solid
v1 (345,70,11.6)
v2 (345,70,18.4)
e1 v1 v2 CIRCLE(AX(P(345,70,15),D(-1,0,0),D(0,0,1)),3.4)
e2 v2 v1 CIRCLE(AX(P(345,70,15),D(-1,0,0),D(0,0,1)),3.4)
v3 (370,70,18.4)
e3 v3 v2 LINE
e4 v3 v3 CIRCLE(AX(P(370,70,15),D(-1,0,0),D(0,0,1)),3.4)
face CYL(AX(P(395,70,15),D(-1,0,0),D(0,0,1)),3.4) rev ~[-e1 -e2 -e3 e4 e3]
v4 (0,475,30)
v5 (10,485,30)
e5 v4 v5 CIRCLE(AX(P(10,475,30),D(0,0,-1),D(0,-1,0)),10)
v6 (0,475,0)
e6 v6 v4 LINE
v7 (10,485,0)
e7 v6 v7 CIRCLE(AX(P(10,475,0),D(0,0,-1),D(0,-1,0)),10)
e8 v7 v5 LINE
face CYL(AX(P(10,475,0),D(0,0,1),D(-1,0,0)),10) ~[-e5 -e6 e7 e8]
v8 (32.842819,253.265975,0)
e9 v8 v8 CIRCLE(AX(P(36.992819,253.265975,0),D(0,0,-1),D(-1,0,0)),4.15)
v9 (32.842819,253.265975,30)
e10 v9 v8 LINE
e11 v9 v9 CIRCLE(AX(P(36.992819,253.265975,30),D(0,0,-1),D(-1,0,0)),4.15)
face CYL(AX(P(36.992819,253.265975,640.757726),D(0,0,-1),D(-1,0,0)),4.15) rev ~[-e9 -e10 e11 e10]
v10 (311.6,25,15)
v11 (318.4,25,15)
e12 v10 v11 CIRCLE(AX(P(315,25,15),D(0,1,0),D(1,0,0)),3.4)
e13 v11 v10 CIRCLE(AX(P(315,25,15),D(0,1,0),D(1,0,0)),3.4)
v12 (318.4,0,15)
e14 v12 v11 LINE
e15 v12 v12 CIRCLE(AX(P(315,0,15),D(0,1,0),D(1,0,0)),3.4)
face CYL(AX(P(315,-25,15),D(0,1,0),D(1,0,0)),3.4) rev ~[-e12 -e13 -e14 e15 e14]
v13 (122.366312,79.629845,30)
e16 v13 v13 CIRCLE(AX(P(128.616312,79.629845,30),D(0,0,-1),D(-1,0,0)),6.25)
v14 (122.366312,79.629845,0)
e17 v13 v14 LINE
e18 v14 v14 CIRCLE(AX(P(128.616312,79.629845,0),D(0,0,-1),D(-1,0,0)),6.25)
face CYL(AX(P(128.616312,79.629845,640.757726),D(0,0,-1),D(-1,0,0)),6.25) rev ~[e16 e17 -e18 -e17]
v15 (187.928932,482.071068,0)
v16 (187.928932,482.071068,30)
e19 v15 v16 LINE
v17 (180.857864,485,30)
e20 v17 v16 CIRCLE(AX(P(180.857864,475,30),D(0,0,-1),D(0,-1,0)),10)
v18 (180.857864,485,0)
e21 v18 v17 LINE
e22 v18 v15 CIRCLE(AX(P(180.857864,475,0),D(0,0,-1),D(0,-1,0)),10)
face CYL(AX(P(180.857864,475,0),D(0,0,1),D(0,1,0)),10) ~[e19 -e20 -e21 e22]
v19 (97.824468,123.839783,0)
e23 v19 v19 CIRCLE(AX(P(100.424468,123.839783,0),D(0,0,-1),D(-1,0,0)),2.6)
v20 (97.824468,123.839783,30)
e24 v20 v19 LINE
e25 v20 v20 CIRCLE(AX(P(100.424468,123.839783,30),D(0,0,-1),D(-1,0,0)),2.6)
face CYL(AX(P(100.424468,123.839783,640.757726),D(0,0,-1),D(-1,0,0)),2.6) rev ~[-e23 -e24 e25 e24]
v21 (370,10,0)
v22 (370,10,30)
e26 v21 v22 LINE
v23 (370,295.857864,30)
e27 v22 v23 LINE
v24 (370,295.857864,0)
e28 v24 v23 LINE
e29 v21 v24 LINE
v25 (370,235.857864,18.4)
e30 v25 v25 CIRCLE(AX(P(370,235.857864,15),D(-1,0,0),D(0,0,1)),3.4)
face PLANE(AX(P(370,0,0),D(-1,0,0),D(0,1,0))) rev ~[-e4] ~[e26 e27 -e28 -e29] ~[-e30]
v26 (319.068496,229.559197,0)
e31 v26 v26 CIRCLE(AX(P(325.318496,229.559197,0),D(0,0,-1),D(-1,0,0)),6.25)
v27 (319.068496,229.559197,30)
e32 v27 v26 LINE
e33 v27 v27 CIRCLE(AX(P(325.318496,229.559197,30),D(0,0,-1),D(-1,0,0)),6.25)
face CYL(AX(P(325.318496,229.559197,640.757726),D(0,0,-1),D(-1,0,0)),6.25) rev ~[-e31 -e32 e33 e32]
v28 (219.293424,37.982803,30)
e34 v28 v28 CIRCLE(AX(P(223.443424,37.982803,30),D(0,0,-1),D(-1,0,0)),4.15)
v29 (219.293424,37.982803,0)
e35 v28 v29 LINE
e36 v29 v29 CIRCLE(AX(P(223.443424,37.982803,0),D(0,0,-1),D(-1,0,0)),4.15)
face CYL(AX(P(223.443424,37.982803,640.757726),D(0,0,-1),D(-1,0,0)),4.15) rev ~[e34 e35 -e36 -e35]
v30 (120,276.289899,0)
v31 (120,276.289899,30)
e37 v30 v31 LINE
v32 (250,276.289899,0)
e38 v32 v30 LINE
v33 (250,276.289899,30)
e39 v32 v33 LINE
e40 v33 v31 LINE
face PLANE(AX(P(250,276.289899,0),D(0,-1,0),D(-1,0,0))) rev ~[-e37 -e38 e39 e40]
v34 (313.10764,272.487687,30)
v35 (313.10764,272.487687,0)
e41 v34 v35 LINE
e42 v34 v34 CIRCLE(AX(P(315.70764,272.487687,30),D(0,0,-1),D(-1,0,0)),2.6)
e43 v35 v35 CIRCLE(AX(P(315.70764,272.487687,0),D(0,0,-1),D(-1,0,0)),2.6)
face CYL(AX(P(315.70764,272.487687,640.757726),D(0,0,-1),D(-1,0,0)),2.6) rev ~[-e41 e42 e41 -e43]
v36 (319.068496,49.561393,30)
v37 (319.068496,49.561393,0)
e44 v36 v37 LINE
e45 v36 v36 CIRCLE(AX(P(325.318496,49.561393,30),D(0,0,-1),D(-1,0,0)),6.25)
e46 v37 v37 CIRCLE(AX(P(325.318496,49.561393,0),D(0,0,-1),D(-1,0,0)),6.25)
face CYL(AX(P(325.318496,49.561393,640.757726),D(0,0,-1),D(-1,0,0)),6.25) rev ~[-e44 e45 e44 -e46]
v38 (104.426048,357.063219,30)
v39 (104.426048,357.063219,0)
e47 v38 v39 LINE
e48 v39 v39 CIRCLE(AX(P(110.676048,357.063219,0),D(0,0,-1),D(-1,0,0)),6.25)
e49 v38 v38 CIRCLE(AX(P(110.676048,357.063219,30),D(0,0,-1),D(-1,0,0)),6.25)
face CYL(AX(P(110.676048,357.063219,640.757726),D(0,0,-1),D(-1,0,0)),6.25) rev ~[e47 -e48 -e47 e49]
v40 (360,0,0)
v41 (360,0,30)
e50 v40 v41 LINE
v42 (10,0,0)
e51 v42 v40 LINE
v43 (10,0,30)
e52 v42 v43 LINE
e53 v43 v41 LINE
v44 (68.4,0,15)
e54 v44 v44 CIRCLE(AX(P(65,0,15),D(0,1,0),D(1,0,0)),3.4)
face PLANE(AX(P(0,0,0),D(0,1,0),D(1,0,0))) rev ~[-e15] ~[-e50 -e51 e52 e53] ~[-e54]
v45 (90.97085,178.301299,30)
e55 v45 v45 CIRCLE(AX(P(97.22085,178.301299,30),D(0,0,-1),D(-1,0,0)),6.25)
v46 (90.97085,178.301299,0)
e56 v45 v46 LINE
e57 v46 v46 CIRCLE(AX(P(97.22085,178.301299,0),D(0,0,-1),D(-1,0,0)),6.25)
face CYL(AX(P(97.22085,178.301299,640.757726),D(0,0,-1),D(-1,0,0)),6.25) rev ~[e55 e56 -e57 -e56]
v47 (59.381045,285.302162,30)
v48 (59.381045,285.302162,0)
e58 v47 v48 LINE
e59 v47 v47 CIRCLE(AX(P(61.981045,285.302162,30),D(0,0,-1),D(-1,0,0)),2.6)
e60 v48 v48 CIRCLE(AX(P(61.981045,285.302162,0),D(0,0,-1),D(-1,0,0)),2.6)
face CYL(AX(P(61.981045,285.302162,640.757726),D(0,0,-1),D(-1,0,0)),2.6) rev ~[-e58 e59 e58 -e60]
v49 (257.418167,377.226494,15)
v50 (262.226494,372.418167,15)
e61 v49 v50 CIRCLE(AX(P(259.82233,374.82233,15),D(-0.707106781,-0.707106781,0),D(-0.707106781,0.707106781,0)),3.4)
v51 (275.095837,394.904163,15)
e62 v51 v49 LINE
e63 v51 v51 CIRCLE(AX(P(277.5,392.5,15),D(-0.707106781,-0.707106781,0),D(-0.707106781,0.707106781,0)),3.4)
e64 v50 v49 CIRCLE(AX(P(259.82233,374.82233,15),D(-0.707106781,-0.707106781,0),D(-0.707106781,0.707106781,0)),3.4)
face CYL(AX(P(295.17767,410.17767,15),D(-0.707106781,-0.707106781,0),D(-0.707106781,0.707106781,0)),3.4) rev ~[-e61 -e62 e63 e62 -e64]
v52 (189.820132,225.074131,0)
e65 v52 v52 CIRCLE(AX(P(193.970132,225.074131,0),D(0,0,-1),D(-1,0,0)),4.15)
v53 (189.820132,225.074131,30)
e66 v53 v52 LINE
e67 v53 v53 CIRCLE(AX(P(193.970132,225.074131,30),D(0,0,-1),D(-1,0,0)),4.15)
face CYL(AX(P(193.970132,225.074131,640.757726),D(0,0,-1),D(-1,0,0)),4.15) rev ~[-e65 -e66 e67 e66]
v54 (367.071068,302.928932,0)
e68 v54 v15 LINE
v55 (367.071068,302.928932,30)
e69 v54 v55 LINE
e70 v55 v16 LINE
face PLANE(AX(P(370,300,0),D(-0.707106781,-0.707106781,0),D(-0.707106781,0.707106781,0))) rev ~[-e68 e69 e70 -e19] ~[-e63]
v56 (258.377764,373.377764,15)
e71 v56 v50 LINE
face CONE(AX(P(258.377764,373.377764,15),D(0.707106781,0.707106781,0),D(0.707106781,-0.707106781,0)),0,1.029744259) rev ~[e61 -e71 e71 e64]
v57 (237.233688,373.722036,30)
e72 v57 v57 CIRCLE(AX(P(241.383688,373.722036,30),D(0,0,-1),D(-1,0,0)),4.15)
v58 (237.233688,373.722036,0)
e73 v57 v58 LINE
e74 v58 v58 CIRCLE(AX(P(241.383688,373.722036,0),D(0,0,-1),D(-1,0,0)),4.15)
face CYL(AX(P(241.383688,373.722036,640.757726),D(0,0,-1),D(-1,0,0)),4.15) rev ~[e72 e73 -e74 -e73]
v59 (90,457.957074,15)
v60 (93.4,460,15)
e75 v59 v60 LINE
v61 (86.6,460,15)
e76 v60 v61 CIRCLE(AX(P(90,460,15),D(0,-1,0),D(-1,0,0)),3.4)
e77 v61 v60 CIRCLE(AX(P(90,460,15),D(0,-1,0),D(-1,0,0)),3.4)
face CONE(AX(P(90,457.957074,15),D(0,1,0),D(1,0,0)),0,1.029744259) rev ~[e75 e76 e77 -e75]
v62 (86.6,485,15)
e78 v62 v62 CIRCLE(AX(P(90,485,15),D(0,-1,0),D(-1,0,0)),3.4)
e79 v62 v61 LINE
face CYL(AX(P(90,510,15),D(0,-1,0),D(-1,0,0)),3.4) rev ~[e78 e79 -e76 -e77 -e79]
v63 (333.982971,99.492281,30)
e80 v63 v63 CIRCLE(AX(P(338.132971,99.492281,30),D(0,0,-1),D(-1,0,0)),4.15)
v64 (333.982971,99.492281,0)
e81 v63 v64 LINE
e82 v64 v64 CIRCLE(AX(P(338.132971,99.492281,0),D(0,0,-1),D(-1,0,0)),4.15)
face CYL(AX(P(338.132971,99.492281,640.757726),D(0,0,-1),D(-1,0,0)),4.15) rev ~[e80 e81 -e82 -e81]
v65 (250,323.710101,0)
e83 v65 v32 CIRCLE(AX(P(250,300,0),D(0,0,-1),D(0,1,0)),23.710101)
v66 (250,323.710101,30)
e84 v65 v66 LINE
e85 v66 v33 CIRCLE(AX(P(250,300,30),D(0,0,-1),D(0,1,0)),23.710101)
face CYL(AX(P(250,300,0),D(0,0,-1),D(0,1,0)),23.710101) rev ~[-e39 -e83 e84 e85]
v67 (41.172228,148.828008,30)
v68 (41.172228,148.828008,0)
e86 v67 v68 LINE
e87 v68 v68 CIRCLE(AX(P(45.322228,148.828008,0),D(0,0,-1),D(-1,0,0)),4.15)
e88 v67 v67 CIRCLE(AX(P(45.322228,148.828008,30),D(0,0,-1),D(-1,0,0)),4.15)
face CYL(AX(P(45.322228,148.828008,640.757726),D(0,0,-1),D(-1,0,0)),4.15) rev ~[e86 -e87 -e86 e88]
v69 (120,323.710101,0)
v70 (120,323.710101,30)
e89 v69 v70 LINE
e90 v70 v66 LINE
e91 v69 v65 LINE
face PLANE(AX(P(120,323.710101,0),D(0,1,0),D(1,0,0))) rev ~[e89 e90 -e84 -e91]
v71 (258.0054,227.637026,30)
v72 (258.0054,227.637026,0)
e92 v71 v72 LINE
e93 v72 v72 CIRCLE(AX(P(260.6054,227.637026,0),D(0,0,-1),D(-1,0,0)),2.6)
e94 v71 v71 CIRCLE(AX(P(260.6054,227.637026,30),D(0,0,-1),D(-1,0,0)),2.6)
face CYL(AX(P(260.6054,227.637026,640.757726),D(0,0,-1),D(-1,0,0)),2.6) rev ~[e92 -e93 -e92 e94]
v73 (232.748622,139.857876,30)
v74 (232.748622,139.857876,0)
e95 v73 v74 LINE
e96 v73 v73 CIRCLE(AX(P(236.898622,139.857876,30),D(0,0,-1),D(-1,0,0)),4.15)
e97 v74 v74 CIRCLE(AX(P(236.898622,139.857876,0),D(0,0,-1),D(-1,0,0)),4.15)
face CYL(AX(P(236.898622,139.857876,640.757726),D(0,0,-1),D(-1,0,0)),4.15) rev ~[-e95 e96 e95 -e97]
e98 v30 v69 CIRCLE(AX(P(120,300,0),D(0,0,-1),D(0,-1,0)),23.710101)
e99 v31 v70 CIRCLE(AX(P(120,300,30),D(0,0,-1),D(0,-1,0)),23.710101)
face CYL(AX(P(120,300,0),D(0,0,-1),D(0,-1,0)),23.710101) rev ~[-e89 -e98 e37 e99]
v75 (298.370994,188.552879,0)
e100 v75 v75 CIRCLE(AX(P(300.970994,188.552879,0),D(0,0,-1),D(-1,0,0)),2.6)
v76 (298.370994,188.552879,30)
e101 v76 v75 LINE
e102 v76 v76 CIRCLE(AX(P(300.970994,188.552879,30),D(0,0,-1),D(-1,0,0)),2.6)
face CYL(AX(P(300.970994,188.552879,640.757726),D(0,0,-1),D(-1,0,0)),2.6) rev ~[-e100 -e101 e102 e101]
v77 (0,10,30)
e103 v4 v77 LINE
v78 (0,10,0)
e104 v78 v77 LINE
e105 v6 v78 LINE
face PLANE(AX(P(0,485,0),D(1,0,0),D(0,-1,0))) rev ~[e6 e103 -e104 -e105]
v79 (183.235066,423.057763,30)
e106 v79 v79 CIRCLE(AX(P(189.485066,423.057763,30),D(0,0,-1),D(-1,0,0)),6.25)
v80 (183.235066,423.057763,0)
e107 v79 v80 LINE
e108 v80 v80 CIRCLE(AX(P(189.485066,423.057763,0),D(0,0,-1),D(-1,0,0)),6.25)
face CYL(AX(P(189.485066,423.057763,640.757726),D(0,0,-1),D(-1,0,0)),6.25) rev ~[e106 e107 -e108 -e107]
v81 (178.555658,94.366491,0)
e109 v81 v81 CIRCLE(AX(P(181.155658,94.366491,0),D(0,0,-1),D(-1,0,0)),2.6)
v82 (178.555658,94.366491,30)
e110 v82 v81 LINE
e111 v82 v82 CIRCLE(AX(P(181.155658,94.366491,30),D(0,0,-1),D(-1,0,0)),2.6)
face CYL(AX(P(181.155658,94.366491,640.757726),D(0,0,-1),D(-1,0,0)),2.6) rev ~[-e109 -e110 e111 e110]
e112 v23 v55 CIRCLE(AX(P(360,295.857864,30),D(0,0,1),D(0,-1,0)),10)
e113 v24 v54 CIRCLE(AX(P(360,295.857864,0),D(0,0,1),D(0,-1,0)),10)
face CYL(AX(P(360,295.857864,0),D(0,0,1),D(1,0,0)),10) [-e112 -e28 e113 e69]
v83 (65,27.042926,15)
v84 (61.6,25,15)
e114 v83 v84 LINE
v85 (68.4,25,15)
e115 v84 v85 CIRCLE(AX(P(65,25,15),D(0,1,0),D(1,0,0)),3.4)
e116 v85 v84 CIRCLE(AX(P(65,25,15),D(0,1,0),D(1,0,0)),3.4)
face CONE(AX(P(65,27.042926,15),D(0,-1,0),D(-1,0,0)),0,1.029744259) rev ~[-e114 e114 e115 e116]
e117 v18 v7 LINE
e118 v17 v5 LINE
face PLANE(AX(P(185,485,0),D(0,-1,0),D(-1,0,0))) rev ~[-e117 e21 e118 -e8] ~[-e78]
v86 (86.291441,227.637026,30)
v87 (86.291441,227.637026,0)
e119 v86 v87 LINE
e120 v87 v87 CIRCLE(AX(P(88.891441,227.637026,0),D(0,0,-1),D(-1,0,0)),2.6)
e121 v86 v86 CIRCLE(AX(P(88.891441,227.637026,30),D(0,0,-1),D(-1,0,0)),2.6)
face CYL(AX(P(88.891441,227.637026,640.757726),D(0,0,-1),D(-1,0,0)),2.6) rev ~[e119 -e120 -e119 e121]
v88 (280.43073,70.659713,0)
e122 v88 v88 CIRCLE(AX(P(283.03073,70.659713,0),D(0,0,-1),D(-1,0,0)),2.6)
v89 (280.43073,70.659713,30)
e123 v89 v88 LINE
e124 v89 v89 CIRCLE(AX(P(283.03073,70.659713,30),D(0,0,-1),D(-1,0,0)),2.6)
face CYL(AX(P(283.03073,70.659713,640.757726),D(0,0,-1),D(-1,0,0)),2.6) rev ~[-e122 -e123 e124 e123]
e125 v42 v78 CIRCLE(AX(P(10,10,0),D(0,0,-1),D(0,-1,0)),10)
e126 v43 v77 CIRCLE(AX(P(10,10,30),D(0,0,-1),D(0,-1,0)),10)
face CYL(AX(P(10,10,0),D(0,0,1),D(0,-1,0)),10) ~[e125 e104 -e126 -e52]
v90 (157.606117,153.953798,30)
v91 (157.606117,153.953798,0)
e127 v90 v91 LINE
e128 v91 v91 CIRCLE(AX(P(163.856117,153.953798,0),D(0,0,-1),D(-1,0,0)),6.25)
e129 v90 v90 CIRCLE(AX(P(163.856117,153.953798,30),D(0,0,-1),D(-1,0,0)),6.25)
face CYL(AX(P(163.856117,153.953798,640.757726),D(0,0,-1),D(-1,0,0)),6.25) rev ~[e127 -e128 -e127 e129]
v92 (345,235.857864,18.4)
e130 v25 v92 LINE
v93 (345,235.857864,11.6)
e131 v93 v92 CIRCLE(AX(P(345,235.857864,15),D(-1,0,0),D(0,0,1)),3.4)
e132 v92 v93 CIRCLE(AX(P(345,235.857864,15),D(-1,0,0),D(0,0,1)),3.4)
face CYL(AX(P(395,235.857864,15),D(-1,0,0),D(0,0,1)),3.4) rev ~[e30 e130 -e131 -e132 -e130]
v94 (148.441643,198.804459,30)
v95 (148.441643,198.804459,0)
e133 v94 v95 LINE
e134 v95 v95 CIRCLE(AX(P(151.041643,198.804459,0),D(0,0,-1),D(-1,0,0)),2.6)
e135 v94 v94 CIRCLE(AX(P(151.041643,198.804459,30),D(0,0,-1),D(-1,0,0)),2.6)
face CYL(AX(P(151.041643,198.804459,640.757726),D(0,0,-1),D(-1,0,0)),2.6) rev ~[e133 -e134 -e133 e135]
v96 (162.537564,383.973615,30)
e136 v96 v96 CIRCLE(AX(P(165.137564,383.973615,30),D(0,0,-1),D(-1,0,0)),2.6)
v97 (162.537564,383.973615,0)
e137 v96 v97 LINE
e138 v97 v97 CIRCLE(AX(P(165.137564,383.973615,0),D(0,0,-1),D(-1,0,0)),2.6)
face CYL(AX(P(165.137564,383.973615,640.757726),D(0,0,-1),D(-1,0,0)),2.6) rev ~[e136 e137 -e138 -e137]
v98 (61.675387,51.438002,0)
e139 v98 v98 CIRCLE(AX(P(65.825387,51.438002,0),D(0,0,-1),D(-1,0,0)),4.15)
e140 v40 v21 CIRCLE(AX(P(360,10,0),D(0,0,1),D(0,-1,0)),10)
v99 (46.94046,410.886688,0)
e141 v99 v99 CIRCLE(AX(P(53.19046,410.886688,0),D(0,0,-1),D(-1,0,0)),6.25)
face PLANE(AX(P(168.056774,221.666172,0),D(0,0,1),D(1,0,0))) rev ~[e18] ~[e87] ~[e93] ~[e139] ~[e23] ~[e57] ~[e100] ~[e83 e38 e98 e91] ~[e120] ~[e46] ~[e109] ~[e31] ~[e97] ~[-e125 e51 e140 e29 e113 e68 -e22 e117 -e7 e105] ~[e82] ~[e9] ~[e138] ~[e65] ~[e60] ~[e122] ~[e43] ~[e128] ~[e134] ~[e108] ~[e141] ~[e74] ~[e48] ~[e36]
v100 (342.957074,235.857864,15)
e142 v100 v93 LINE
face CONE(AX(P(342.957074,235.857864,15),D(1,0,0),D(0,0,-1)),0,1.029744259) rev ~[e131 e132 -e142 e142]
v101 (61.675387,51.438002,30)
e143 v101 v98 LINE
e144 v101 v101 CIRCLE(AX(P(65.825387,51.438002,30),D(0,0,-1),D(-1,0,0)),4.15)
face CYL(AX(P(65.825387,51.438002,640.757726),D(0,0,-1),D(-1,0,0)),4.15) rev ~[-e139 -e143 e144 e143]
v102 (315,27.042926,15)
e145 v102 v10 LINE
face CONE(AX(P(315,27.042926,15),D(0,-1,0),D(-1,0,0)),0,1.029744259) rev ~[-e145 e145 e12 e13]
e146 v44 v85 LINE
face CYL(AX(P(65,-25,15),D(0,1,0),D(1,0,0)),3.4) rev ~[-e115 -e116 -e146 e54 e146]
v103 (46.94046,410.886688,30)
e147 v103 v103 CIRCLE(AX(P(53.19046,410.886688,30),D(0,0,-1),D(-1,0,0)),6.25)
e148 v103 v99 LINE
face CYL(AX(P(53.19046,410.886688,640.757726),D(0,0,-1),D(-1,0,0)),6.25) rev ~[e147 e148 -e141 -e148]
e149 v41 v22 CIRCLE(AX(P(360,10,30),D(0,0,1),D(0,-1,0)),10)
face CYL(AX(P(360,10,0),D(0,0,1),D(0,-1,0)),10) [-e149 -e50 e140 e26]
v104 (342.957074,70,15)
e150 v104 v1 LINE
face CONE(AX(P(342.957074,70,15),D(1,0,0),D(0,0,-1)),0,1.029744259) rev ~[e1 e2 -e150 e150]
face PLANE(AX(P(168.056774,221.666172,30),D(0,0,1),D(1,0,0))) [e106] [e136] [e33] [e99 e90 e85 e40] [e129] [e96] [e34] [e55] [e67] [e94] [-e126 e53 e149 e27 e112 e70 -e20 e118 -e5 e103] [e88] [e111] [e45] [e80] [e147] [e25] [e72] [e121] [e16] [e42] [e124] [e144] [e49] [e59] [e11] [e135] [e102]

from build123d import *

# Parameters (mm, degrees)
BOSS_EXTRUDE2_DEPTH           = 30
FILLET2_R                     = 10
FILLET3_R                     = 10
TAP_DRILL_FOR_M5_HELICOIL1_D  = 5.2
TAP_DRILL_FOR_M8_HELICOIL4_D  = 8.3
TAP_DRILL_FOR_M12_HELICOIL1_D = 12.5
TAP_DRILL_FOR_M8_TAP1_D       = 6.8
TAP_DRILL_FOR_M8_TAP1_DEPTH   = 25
TAP_DRILL_FOR_M8_TAP1_TIP     = 2.042926105
TAP_DRILL_FOR_M8_TAP2_D       = 6.8
TAP_DRILL_FOR_M8_TAP2_DEPTH   = 25
TAP_DRILL_FOR_M8_TAP2_TIP     = 2.042926105
TAP_DRILL_FOR_M8_TAP4_D       = 6.8
TAP_DRILL_FOR_M8_TAP4_DEPTH   = 25
TAP_DRILL_FOR_M8_TAP4_TIP     = 2.042926105
TAP_DRILL_FOR_M8_TAP5_D       = 6.8
TAP_DRILL_FOR_M8_TAP5_DEPTH   = 25
TAP_DRILL_FOR_M8_TAP5_TIP     = 2.042926105


with BuildPart() as part:
    # Sketch1 → Boss-Extrude2 (new body)
    with BuildSketch(Plane.XY):
        Polygon((0, 0), (370, 0), (370, 300), (185, 485), (0, 485), (0, 300), align=None)
        with BuildLine():
            Line((120, 323.710101352), (250, 323.710101352))
            ThreePointArc((250, 323.710101352), (273.710101352, 300), (250, 276.289898648))
            Line((250, 276.289898648), (120, 276.289898648))
            ThreePointArc((120, 276.289898648), (96.289898648, 300), (120, 323.710101352))
        make_face(mode=Mode.SUBTRACT)
    extrude(amount=BOSS_EXTRUDE2_DEPTH)

    # Fillet2
    fillet2_edges = [part.edges().sort_by_distance(p)[0] for p in [
        (370, 0, 15),
        (0, 0, 15),
    ]]
    fillet(fillet2_edges, radius=FILLET2_R)

    # Fillet3
    fillet3_edges = [part.edges().sort_by_distance(p)[0] for p in [
        (0, 485, 15),
        (185, 485, 15),
        (370, 300, 15),
    ]]
    fillet(fillet3_edges, radius=FILLET3_R)

    # Tap Drill for M5 Helicoil1 (through all)
    with Locations(Plane.XY.offset(30)):
        with Locations((300.970994454, 188.552878957), (181.155657642, 94.366491196), (100.424468133, 123.839782605), (151.041642508, 198.804458578), (260.6053997, 227.63702626), (283.030730119, 70.659713324), (88.89144106, 227.63702626), (165.137564486, 383.973615469), (315.707640159, 272.487687099), (61.981044557, 285.302161624)):
            Hole(TAP_DRILL_FOR_M5_HELICOIL1_D / 2)

    # Tap Drill for M8 Helicoil4 (through all)
    with Locations(Plane.XY.offset(30)):
        with Locations((65.825386914, 51.438001536), (45.322227674, 148.828007929), (236.898621828, 139.857875761), (241.383687912, 373.722035849), (338.132970578, 99.492281006), (223.443423576, 37.982803285), (193.970132168, 225.074131355), (36.992819232, 253.26597531)):
            Hole(TAP_DRILL_FOR_M8_HELICOIL4_D / 2)

    # Tap Drill for M12 Helicoil1 (through all)
    with Locations(Plane.XY.offset(30)):
        with Locations((163.856117033, 153.953797739), (325.318496053, 49.561393209), (128.616312088, 79.629845492), (189.485066084, 423.057762771), (110.676047753, 357.063218966), (97.220849501, 178.301299337), (325.318496053, 229.559197439), (53.19045969, 410.886687746)):
            Hole(TAP_DRILL_FOR_M12_HELICOIL1_D / 2)

    # Tap Drill for M8 Tap1
    with Locations(Plane(origin=(0, 0, 0), x_dir=(-1, 0, 0), z_dir=(0, -1, 0))):
        with Locations((-65, -15), (-315, -15)):
            Hole(TAP_DRILL_FOR_M8_TAP1_D / 2, depth=TAP_DRILL_FOR_M8_TAP1_DEPTH)
            with Locations((0, 0, -(TAP_DRILL_FOR_M8_TAP1_DEPTH + TAP_DRILL_FOR_M8_TAP1_TIP / 2))):  # 118° drill point
                Cone(0, TAP_DRILL_FOR_M8_TAP1_D / 2, TAP_DRILL_FOR_M8_TAP1_TIP, mode=Mode.SUBTRACT)

    # Tap Drill for M8 Tap2
    with Locations(Plane(origin=(335, 335, 0), x_dir=(0.7071067811865478, -0.7071067811865474, 0), z_dir=(0.7071067811865474, 0.7071067811865478, 0))):
        with Locations((-81.317279836, -15)):
            Hole(TAP_DRILL_FOR_M8_TAP2_D / 2, depth=TAP_DRILL_FOR_M8_TAP2_DEPTH)
            with Locations((0, 0, -(TAP_DRILL_FOR_M8_TAP2_DEPTH + TAP_DRILL_FOR_M8_TAP2_TIP / 2))):  # 118° drill point
                Cone(0, TAP_DRILL_FOR_M8_TAP2_D / 2, TAP_DRILL_FOR_M8_TAP2_TIP, mode=Mode.SUBTRACT)

    # Tap Drill for M8 Tap4
    with Locations(Plane(origin=(0, 485, 0), x_dir=(1, 0, 0), z_dir=(0, 1, 0))):
        with Locations((90, -15)):
            Hole(TAP_DRILL_FOR_M8_TAP4_D / 2, depth=TAP_DRILL_FOR_M8_TAP4_DEPTH)
            with Locations((0, 0, -(TAP_DRILL_FOR_M8_TAP4_DEPTH + TAP_DRILL_FOR_M8_TAP4_TIP / 2))):  # 118° drill point
                Cone(0, TAP_DRILL_FOR_M8_TAP4_D / 2, TAP_DRILL_FOR_M8_TAP4_TIP, mode=Mode.SUBTRACT)

    # Tap Drill for M8 Tap5
    with Locations(Plane(origin=(370, 0, 0), x_dir=(0, 0, -1), z_dir=(1, 0, 0))):
        with Locations((-15, 235.857864376), (-15, 70)):
            Hole(TAP_DRILL_FOR_M8_TAP5_D / 2, depth=TAP_DRILL_FOR_M8_TAP5_DEPTH)
            with Locations((0, 0, -(TAP_DRILL_FOR_M8_TAP5_DEPTH + TAP_DRILL_FOR_M8_TAP5_TIP / 2))):  # 118° drill point
                Cone(0, TAP_DRILL_FOR_M8_TAP5_D / 2, TAP_DRILL_FOR_M8_TAP5_TIP, mode=Mode.SUBTRACT)


solid = part.part
